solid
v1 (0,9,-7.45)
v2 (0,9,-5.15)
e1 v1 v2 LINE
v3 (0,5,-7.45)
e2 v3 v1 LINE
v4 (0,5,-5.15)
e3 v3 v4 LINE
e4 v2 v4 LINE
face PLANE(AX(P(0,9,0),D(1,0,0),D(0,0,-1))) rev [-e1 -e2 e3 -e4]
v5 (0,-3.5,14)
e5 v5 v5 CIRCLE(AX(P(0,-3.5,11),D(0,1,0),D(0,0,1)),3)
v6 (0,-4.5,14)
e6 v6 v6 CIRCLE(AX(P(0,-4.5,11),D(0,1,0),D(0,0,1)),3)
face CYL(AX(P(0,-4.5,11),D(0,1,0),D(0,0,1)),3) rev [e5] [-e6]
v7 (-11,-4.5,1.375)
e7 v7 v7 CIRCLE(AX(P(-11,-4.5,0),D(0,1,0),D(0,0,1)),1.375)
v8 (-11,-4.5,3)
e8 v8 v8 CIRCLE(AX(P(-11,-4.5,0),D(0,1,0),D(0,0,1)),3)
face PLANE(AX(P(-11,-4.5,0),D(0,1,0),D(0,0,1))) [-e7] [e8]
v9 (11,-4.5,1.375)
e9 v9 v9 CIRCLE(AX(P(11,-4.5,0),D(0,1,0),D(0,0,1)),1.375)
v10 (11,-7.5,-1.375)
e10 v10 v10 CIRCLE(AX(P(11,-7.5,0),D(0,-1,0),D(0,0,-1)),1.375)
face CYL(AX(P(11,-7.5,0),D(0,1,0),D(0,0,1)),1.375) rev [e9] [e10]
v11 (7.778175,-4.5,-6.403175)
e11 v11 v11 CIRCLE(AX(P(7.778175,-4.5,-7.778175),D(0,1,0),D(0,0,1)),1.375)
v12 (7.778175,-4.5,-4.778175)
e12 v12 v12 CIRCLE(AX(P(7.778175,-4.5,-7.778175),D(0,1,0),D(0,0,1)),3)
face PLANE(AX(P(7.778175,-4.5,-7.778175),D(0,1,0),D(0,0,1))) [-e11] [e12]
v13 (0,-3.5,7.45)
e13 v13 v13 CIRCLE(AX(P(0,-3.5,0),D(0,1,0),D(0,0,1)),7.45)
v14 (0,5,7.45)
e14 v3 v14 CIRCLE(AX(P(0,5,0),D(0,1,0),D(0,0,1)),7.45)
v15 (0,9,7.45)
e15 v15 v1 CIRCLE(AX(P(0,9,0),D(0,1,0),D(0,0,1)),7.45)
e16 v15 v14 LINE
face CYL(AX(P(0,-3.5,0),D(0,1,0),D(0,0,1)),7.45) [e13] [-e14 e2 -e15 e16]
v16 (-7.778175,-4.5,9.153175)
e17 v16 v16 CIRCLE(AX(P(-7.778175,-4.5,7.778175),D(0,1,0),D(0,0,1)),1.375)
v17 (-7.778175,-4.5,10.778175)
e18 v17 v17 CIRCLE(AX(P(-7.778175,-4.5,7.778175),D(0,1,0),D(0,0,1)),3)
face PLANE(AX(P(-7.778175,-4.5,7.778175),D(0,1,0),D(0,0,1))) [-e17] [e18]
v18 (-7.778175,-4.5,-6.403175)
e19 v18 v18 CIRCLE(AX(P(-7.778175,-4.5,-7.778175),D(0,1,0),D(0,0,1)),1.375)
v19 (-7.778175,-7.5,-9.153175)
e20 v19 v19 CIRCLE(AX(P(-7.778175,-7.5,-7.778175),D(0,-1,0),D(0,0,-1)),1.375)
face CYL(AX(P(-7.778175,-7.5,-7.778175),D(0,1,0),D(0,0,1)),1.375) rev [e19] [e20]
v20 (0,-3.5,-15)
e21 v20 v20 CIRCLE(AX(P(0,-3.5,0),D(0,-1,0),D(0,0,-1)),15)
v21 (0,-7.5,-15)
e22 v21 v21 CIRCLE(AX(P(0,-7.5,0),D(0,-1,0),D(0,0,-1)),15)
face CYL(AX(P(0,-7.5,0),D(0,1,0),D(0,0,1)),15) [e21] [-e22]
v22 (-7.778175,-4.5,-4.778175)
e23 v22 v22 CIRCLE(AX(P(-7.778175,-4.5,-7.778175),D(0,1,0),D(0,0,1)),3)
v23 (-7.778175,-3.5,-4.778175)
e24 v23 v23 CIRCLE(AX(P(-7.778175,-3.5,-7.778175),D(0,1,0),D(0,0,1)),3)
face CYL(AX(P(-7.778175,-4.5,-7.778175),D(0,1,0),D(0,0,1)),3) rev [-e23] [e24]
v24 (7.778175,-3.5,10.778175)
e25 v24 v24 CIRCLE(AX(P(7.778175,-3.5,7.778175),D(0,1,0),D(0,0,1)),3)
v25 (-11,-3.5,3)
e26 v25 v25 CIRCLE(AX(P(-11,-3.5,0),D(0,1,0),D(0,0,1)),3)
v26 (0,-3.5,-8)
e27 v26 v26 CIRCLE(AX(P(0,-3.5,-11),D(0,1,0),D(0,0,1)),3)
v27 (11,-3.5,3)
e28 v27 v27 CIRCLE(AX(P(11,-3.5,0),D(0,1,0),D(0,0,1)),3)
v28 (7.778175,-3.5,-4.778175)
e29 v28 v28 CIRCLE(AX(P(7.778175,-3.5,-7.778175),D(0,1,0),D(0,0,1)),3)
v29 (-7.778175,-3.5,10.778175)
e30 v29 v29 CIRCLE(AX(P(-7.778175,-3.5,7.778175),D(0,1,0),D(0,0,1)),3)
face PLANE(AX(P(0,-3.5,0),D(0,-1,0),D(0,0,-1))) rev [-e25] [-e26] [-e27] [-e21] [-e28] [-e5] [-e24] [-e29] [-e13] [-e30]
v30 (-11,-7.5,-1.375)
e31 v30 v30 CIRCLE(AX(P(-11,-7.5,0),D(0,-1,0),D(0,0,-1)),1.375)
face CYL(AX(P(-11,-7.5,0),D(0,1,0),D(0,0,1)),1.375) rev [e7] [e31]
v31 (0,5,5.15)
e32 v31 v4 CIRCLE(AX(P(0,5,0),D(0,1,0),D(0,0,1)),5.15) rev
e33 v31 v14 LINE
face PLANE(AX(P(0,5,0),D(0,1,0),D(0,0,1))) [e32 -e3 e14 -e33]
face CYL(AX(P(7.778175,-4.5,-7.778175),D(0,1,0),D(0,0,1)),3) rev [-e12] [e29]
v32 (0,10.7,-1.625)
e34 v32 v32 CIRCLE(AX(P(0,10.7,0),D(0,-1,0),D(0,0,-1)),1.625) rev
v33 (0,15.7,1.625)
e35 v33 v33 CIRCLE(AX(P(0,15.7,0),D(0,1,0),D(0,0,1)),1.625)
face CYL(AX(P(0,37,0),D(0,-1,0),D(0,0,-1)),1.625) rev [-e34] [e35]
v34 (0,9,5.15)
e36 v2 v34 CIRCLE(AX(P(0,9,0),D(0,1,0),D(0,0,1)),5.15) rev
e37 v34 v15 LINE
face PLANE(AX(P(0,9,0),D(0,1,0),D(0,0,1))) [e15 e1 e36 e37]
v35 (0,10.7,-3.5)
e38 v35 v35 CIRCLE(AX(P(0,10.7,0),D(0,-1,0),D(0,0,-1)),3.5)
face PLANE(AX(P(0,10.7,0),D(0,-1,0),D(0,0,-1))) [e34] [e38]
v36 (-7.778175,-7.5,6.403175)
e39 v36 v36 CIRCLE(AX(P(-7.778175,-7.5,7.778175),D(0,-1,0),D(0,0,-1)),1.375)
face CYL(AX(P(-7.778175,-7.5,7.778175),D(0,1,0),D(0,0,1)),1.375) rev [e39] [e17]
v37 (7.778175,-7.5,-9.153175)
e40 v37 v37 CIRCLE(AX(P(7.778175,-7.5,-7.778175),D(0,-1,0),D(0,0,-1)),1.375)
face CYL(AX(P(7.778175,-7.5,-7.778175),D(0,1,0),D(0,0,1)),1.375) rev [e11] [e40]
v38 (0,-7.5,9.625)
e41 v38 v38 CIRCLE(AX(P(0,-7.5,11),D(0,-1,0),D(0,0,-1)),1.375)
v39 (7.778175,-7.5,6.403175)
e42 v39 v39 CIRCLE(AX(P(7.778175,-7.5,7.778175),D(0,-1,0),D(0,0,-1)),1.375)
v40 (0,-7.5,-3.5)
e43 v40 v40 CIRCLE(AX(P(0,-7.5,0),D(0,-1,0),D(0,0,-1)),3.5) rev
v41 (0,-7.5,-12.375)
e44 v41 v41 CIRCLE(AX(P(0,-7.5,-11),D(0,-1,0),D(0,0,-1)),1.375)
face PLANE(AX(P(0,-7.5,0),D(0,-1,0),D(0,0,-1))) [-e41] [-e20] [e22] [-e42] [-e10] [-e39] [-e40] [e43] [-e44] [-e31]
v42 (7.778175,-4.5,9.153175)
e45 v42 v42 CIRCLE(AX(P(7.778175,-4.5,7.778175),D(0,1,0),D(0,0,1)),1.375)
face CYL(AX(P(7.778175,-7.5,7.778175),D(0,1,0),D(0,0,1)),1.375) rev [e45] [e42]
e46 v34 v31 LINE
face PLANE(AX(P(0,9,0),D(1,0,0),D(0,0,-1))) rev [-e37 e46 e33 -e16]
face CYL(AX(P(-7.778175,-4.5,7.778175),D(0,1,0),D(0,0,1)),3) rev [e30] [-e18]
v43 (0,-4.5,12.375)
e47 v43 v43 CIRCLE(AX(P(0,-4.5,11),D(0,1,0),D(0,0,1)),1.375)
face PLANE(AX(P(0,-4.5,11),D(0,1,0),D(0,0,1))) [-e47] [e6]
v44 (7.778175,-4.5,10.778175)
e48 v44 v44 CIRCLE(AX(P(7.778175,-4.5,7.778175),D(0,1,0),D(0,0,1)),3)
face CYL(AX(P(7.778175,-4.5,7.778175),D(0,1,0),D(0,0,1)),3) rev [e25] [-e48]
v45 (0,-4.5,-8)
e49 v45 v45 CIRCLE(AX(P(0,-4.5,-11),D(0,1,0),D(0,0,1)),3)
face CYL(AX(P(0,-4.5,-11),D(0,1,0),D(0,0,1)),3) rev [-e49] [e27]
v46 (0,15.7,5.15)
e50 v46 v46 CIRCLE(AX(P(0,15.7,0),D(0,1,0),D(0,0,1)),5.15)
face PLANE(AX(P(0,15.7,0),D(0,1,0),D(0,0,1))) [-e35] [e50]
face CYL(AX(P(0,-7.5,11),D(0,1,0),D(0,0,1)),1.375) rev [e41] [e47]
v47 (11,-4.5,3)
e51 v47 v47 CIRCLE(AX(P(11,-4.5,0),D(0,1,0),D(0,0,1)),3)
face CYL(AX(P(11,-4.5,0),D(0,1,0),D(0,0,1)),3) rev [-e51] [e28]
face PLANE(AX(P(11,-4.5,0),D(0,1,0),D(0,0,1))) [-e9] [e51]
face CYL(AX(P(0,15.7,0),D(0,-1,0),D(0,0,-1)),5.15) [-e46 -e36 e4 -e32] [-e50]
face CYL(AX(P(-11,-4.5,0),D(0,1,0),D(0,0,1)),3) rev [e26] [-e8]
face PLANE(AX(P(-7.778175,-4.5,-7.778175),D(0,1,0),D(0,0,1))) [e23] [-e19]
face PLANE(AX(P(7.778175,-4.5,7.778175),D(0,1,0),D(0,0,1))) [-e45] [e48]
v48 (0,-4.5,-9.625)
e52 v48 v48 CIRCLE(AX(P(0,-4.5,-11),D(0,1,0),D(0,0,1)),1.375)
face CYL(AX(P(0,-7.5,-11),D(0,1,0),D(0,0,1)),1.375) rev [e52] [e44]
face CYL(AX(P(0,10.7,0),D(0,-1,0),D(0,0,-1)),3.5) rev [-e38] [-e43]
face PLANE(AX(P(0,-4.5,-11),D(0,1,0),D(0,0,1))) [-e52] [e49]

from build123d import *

# Parameters (mm, degrees)
SKETCH1_R           = 7.5
BOSS_EXTRUDE1_DEPTH = 5
SKETCH1_3_R         = 5.15
BOSS_EXTRUDE2_DEPTH = 15.7
BOSS_EXTRUDE3_DEPTH = 4
SKETCH3_R           = 1.625
CUT_EXTRUDE1_DEPTH  = 37
SKETCH4_R           = 3.5
CUT_EXTRUDE2_DEPTH  = 10.7
BOSS_EXTRUDE4_START = 3.5
SKETCH5_R           = 7.5
SKETCH5_R_2         = 3.5
BOSS_EXTRUDE4_DEPTH = 3.5
BOSS_EXTRUDE5_START = 4
SKETCH6_R           = 15
SKETCH6_R_2         = 1.375
SKETCH6_R_3         = 3.5
BOSS_EXTRUDE5_DEPTH = 4
SKETCH7_R           = 3
CUT_EXTRUDE3_DEPTH  = 1
CUT_EXTRUDE4_START  = -12.5
SKETCH8_R           = 7.5
SKETCH8_R_2         = 7.45
CUT_EXTRUDE4_DEPTH  = 12.5


with BuildPart() as part:
    # Sketch1 → Boss-Extrude1 (new body)
    with BuildSketch(Plane(origin=(0, 0, 0), x_dir=(1, 0, 0), z_dir=(0, 1, 0))):
        Circle(SKETCH1_R)
    extrude(amount=BOSS_EXTRUDE1_DEPTH)

    # Sketch1<3> → Boss-Extrude2 (add)
    with BuildSketch(Plane(origin=(0, 0, 0), x_dir=(1, 0, 0), z_dir=(0, 1, 0))):
        Circle(SKETCH1_3_R)
    extrude(amount=BOSS_EXTRUDE2_DEPTH)

    # Sketch2 → Boss-Extrude3 (add)
    with BuildSketch(Plane(origin=(0, 5, 0), x_dir=(1, 0, 0), z_dir=(0, 1, 0))):
        with BuildLine():
            ThreePointArc((7.5, 0), (5.303300859, 5.303300859), (0, 7.5))
            Line((0, 7.5), (0, 5.15))
            ThreePointArc((0, 5.15), (3.641599923, 3.641599923), (5.15, 0))
            ThreePointArc((5.15, 0), (3.641599923, -3.641599923), (0, -5.15))
            Line((0, -5.15), (0, -7.5))
            ThreePointArc((0, -7.5), (5.303300859, -5.303300859), (7.5, 0))
        make_face()
    extrude(amount=BOSS_EXTRUDE3_DEPTH)

    # Sketch3 → Cut-Extrude1 (cut)
    with BuildSketch(Plane.XZ):
        Circle(SKETCH3_R)
    extrude(amount=-CUT_EXTRUDE1_DEPTH, mode=Mode.SUBTRACT)

    # Sketch4 → Cut-Extrude2 (cut)
    with BuildSketch(Plane.XZ):
        Circle(SKETCH4_R)
    extrude(amount=-CUT_EXTRUDE2_DEPTH, mode=Mode.SUBTRACT)

    # Sketch5 → Boss-Extrude4 (add)
    with BuildSketch(Plane.XZ.offset(BOSS_EXTRUDE4_START)):
        Circle(SKETCH5_R)
        Circle(SKETCH5_R_2, mode=Mode.SUBTRACT)
    extrude(amount=-BOSS_EXTRUDE4_DEPTH)

    # Sketch6 → Boss-Extrude5 (add)
    with BuildSketch(Plane.XZ.offset(3.5).offset(BOSS_EXTRUDE5_START)):
        Circle(SKETCH6_R)
        with Locations((11, 0)):
            Circle(SKETCH6_R_2, mode=Mode.SUBTRACT)
        with Locations((7.778174593, -7.778174593)):
            Circle(SKETCH6_R_2, mode=Mode.SUBTRACT)
        with Locations((0, -11)):
            Circle(SKETCH6_R_2, mode=Mode.SUBTRACT)
        with Locations((-7.778174593, -7.778174593)):
            Circle(SKETCH6_R_2, mode=Mode.SUBTRACT)
        with Locations((-11, 0)):
            Circle(SKETCH6_R_2, mode=Mode.SUBTRACT)
        with Locations((-7.778174593, 7.778174593)):
            Circle(SKETCH6_R_2, mode=Mode.SUBTRACT)
        with Locations((0, 11)):
            Circle(SKETCH6_R_2, mode=Mode.SUBTRACT)
        with Locations((7.778174593, 7.778174593)):
            Circle(SKETCH6_R_2, mode=Mode.SUBTRACT)
        Circle(SKETCH6_R_3, mode=Mode.SUBTRACT)
    extrude(amount=-BOSS_EXTRUDE5_DEPTH)

    # Sketch7 → Cut-Extrude3 (cut)
    with BuildSketch(Plane(origin=(0, -3.5, 0), x_dir=(1, 0, 0), z_dir=(0, 1, 0))):
        with Locations((-11, 0)):
            Circle(SKETCH7_R)
        with Locations((-7.778174593, 7.778174593)):
            Circle(SKETCH7_R)
        with Locations((0, 11)):
            Circle(SKETCH7_R)
        with Locations((7.778174593, 7.778174593)):
            Circle(SKETCH7_R)
        with Locations((11, 0)):
            Circle(SKETCH7_R)
        with Locations((7.778174593, -7.778174593)):
            Circle(SKETCH7_R)
        with Locations((0, -11)):
            Circle(SKETCH7_R)
        with Locations((-7.778174593, -7.778174593)):
            Circle(SKETCH7_R)
    extrude(amount=-CUT_EXTRUDE3_DEPTH, mode=Mode.SUBTRACT)

    # Sketch8 → Cut-Extrude4 (cut)
    with BuildSketch(Plane(origin=(0, 9, 0), x_dir=(1, 0, 0), z_dir=(0, 1, 0)).offset(CUT_EXTRUDE4_START)):
        Circle(SKETCH8_R)
        Circle(SKETCH8_R_2, mode=Mode.SUBTRACT)
    extrude(amount=CUT_EXTRUDE4_DEPTH, mode=Mode.SUBTRACT)


solid = part.part
